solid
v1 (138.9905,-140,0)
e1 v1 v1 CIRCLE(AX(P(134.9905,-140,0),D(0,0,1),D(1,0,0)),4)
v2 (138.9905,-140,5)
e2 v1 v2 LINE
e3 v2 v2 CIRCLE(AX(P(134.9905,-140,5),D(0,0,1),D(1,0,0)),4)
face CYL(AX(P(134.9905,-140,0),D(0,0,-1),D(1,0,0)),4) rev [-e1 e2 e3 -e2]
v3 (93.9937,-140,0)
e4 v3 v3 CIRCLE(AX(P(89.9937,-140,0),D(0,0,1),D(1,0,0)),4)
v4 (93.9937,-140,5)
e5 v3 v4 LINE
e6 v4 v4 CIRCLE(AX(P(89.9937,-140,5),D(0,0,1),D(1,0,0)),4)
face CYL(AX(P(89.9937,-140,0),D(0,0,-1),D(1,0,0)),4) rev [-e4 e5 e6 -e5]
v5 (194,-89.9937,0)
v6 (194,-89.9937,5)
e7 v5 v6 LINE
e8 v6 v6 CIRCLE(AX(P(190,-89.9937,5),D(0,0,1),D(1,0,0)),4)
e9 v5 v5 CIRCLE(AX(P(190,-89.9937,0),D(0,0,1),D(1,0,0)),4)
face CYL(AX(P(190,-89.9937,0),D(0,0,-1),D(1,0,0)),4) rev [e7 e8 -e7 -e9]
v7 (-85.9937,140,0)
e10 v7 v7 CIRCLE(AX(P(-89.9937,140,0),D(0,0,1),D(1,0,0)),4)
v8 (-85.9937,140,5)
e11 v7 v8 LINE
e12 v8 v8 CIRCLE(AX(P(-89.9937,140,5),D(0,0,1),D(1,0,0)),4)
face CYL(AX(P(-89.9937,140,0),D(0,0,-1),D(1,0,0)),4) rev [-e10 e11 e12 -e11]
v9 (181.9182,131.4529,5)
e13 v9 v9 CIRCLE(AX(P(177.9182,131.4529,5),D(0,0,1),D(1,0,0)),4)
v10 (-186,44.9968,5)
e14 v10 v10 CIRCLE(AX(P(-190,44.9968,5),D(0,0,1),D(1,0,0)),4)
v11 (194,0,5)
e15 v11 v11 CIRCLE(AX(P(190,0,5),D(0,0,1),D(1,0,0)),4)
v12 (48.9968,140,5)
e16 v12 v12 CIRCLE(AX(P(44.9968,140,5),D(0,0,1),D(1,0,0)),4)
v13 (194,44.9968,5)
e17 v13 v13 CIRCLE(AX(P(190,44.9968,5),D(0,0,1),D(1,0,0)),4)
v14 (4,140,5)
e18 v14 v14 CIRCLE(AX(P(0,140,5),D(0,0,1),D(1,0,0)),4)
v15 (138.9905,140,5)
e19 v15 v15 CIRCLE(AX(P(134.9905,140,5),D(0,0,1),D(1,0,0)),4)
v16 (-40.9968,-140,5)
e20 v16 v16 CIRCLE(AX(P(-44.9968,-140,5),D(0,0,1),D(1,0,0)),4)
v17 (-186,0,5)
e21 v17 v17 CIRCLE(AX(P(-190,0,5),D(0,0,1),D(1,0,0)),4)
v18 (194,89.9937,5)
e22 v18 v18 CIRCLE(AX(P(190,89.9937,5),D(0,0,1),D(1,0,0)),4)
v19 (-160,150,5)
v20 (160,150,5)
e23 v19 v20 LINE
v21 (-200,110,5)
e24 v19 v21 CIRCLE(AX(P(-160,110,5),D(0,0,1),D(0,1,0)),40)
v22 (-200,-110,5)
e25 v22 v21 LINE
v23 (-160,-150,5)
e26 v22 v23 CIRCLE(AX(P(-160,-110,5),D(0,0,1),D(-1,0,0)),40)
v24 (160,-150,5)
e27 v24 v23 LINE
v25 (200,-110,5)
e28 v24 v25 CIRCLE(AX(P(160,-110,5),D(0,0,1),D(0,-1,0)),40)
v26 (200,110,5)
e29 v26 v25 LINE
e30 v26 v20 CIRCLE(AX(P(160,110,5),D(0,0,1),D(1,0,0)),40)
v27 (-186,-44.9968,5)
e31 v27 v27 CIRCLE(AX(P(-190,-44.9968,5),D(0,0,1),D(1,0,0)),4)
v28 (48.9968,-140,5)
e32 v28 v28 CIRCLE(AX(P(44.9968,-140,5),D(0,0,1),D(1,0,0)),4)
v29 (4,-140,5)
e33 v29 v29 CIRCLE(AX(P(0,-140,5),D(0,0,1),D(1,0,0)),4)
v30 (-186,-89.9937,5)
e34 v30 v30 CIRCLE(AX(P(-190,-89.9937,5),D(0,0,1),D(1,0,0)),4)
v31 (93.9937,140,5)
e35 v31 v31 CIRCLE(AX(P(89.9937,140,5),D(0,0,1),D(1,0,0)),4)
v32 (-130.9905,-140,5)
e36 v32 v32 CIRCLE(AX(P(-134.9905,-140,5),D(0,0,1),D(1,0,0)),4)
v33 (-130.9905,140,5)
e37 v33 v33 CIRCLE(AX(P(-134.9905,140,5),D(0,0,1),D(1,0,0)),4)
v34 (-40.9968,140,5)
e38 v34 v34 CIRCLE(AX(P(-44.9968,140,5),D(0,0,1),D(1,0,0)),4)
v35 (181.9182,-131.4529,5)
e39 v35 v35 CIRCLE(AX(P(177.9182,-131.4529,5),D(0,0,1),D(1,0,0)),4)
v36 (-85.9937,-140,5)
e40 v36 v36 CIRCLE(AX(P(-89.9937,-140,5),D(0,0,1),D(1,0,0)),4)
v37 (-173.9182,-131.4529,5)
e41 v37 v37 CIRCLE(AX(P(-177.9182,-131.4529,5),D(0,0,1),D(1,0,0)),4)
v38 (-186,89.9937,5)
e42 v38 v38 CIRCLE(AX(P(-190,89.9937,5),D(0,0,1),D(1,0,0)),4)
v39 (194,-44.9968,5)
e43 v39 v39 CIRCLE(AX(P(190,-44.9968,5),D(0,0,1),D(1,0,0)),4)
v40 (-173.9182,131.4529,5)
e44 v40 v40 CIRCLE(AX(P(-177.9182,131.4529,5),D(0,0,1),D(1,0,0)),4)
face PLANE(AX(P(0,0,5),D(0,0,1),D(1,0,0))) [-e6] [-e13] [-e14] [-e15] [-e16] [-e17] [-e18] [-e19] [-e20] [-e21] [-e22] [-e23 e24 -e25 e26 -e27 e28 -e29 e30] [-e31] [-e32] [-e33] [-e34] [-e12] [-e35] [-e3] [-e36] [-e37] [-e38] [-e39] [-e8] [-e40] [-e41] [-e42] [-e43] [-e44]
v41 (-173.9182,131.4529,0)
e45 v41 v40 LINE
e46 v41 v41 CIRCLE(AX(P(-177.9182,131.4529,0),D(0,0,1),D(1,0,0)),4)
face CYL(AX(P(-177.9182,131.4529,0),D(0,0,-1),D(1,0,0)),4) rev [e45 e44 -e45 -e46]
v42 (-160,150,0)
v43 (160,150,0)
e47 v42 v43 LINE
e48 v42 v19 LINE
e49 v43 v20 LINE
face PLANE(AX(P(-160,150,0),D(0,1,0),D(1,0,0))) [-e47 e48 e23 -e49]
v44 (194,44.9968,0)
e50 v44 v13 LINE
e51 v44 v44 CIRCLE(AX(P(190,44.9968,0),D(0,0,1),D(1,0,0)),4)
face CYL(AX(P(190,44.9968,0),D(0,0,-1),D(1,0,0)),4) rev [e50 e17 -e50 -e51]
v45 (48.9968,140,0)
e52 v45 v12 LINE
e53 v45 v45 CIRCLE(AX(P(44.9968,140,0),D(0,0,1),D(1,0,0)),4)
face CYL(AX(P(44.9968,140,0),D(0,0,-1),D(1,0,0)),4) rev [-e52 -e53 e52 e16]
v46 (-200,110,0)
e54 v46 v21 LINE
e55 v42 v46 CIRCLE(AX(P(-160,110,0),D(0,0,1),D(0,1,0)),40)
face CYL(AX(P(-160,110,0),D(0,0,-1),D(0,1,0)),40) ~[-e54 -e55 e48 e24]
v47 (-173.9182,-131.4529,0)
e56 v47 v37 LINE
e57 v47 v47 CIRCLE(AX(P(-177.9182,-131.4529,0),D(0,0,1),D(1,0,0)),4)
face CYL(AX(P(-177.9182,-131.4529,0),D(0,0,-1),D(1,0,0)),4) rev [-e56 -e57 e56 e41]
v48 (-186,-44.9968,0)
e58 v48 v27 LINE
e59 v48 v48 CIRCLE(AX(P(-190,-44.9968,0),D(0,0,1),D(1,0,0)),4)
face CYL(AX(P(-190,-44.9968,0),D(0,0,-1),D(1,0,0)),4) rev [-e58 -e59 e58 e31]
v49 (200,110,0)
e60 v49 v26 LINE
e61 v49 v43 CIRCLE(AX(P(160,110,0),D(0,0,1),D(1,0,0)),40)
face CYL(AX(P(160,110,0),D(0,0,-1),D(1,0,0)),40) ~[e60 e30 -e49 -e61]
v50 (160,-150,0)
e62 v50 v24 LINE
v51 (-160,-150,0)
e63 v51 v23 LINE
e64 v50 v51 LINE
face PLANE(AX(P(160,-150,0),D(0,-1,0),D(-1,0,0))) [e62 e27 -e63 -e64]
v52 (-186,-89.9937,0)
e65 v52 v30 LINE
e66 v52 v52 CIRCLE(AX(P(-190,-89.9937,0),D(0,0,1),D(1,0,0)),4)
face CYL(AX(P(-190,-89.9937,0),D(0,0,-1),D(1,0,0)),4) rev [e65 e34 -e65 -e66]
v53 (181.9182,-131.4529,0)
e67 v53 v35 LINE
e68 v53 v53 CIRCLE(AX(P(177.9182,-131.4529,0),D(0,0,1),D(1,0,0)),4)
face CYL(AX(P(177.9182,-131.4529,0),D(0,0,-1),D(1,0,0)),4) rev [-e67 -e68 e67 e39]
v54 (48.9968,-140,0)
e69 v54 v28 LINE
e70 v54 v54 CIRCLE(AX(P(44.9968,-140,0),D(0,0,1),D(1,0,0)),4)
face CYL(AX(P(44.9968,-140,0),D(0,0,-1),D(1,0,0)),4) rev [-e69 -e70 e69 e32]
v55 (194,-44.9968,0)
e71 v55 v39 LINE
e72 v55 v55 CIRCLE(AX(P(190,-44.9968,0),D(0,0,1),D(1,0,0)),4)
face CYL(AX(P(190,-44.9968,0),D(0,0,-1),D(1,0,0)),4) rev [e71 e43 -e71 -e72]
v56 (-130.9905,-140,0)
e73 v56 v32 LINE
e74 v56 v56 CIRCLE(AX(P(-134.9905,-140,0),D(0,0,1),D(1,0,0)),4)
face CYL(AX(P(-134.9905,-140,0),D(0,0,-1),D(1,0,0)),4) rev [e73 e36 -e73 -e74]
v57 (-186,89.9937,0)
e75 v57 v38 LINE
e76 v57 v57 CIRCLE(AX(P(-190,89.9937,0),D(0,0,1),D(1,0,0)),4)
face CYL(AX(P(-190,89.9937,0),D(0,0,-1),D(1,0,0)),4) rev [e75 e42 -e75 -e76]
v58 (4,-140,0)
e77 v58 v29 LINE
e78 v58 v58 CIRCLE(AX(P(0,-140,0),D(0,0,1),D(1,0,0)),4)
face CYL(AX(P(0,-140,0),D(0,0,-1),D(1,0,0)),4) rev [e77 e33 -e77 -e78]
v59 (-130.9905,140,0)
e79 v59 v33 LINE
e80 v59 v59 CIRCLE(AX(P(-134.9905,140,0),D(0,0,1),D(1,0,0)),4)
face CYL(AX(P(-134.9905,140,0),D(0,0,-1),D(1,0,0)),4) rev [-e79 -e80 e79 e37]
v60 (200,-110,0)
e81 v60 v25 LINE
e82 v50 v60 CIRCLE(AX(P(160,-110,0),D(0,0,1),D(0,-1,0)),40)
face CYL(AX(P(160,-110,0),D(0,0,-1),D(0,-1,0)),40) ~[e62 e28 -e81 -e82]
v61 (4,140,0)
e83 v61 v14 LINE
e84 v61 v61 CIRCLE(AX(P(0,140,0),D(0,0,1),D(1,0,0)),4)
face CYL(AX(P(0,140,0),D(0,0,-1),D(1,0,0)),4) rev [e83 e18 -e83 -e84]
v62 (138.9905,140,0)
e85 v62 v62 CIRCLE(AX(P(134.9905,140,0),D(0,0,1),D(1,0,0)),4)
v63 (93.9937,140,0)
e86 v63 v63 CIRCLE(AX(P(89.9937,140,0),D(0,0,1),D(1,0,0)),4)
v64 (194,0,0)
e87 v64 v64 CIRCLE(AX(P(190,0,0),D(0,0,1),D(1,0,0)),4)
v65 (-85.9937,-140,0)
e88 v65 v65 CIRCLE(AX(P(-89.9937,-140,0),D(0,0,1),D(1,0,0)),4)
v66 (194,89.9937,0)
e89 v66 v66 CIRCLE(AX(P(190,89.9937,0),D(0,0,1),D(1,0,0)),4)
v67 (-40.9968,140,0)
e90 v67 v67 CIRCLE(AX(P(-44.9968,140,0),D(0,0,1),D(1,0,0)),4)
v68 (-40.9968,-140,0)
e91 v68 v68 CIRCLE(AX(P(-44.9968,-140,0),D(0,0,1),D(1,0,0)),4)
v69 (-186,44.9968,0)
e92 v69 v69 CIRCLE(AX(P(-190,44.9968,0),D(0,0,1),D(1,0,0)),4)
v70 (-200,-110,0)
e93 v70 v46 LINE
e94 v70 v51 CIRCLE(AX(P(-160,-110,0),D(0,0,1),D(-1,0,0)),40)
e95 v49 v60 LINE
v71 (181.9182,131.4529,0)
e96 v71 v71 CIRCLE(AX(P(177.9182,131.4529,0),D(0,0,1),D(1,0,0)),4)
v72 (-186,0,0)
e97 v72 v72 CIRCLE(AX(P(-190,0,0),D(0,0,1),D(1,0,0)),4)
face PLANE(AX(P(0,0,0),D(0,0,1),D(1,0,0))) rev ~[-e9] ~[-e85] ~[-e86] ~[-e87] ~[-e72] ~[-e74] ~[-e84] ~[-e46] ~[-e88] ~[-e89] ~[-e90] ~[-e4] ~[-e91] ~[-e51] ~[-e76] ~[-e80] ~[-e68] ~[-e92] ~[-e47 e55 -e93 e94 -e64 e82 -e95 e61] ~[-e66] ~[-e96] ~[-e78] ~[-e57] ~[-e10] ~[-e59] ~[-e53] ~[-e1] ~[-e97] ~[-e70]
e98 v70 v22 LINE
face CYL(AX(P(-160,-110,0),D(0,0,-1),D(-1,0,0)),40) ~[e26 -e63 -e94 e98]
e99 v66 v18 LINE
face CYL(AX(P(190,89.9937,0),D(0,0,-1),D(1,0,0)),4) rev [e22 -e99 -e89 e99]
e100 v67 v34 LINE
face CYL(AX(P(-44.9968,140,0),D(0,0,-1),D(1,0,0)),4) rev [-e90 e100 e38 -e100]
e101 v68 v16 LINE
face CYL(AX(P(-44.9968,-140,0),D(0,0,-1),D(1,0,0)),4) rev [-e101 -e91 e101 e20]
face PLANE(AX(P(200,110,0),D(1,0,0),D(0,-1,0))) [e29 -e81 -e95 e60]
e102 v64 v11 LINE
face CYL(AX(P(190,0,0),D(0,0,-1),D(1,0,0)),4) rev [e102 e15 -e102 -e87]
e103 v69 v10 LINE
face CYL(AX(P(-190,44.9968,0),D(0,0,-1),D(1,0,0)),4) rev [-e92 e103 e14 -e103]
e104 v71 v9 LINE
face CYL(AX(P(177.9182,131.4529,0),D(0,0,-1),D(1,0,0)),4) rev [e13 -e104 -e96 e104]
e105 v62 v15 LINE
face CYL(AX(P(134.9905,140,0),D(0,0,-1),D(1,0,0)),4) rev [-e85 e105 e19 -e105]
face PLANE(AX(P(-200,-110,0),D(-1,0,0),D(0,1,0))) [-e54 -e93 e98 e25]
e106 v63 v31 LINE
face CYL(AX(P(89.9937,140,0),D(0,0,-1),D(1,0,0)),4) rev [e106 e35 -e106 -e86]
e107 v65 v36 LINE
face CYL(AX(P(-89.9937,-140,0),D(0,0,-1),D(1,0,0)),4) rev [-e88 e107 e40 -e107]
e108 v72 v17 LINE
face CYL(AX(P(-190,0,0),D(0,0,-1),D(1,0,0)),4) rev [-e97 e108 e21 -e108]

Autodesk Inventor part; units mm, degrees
ref_plane "YZ Plane" through (0, 0, 0) normal (1, 0, 0) x (0, 1, 0)
ref_plane "XZ Plane" through (0, 0, 0) normal (0, 1, 0) x (-1, 0, 0)
ref_plane "XY Plane" through (0, 0, 0) normal (0, 0, 1) x (1, 0, 0)
ref_plane "РабПлоскость1" through (0, 0, 0) normal (0, 0, 1) x (1, 0, 0)
sketch "Эскиз1" plane through (0, 0, 0) normal (0, 0, 1) x (1, 0, 0)
  circle A0 centre (190, 44.9968) radius 4 projected
  circle A1 centre (190, 89.9937) radius 4 projected
  circle A2 centre (177.9182, 131.4529) radius 4 projected
  circle A3 centre (134.9905, 140) radius 4 projected
  circle A4 centre (89.9937, 140) radius 4 projected
  circle A5 centre (44.9968, 140) radius 4 projected
  circle A6 centre (0, 140) radius 4 projected
  circle A7 centre (-44.9968, 140) radius 4 projected
  circle A8 centre (-89.9937, 140) radius 4 projected
  circle A9 centre (-134.9905, 140) radius 4 projected
  circle A10 centre (-177.9182, 131.4529) radius 4 projected
  circle A11 centre (-190, 89.9937) radius 4 projected
  circle A12 centre (-190, 44.9968) radius 4 projected
  circle A13 centre (-190, 0) radius 4 projected
  circle A14 centre (-190, -44.9968) radius 4 projected
  circle A15 centre (-190, -89.9937) radius 4 projected
  circle A16 centre (-177.9182, -131.4529) radius 4 projected
  circle A17 centre (-134.9905, -140) radius 4 projected
  circle A18 centre (-89.9937, -140) radius 4 projected
  circle A19 centre (-44.9968, -140) radius 4 projected
  circle A20 centre (0, -140) radius 4 projected
  circle A21 centre (44.9968, -140) radius 4 projected
  circle A22 centre (89.9937, -140) radius 4 projected
  circle A23 centre (134.9905, -140) radius 4 projected
  circle A24 centre (177.9182, -131.4529) radius 4 projected
  circle A25 centre (190, -89.9937) radius 4 projected
  circle A26 centre (190, -44.9968) radius 4 projected
  circle A27 centre (190, 0) radius 4 projected
  line L0 (-200, -110) -> (-200, 110) projected
  arc A28 (-200, -110) -> (-160, -150) centre (-160, -110) ccw projected
  line L1 (160, -150) -> (-160, -150) projected
  arc A29 (160, -150) -> (200, -110) centre (160, -110) ccw projected
  line L2 (200, 110) -> (200, -110) projected
  arc A30 (200, 110) -> (160, 150) centre (160, 110) ccw projected
  line L3 (-160, 150) -> (160, 150) projected
  arc A31 (-160, 150) -> (-200, 110) centre (-160, 110) ccw projected
  line L4 (-150, -130) -> (150, -130) projected
  arc A32 (-180, -100) -> (-150, -130) centre (-150, -100) ccw projected
  line L5 (-180, 100) -> (-180, -100) projected
  arc A33 (-150, 130) -> (-180, 100) centre (-150, 100) ccw projected
  line L6 (150, 130) -> (-150, 130) projected
  arc A34 (180, 100) -> (150, 130) centre (150, 100) ccw projected
  line L7 (180, -100) -> (180, 100) projected
  arc A35 (150, -130) -> (180, -100) centre (150, -100) ccw projected
  point P0 (0, 0)
extrude "Выдавливание1" add sketch "Эскиз1" along normal blind 5 contours L0 A31 L3 A30 L2 A29 L1 A28 | A32 L5 A33 L6 A34 L7 A35 L4
properties part number "Крышка фонаря 1_CPY" material "Чугун, серый"
